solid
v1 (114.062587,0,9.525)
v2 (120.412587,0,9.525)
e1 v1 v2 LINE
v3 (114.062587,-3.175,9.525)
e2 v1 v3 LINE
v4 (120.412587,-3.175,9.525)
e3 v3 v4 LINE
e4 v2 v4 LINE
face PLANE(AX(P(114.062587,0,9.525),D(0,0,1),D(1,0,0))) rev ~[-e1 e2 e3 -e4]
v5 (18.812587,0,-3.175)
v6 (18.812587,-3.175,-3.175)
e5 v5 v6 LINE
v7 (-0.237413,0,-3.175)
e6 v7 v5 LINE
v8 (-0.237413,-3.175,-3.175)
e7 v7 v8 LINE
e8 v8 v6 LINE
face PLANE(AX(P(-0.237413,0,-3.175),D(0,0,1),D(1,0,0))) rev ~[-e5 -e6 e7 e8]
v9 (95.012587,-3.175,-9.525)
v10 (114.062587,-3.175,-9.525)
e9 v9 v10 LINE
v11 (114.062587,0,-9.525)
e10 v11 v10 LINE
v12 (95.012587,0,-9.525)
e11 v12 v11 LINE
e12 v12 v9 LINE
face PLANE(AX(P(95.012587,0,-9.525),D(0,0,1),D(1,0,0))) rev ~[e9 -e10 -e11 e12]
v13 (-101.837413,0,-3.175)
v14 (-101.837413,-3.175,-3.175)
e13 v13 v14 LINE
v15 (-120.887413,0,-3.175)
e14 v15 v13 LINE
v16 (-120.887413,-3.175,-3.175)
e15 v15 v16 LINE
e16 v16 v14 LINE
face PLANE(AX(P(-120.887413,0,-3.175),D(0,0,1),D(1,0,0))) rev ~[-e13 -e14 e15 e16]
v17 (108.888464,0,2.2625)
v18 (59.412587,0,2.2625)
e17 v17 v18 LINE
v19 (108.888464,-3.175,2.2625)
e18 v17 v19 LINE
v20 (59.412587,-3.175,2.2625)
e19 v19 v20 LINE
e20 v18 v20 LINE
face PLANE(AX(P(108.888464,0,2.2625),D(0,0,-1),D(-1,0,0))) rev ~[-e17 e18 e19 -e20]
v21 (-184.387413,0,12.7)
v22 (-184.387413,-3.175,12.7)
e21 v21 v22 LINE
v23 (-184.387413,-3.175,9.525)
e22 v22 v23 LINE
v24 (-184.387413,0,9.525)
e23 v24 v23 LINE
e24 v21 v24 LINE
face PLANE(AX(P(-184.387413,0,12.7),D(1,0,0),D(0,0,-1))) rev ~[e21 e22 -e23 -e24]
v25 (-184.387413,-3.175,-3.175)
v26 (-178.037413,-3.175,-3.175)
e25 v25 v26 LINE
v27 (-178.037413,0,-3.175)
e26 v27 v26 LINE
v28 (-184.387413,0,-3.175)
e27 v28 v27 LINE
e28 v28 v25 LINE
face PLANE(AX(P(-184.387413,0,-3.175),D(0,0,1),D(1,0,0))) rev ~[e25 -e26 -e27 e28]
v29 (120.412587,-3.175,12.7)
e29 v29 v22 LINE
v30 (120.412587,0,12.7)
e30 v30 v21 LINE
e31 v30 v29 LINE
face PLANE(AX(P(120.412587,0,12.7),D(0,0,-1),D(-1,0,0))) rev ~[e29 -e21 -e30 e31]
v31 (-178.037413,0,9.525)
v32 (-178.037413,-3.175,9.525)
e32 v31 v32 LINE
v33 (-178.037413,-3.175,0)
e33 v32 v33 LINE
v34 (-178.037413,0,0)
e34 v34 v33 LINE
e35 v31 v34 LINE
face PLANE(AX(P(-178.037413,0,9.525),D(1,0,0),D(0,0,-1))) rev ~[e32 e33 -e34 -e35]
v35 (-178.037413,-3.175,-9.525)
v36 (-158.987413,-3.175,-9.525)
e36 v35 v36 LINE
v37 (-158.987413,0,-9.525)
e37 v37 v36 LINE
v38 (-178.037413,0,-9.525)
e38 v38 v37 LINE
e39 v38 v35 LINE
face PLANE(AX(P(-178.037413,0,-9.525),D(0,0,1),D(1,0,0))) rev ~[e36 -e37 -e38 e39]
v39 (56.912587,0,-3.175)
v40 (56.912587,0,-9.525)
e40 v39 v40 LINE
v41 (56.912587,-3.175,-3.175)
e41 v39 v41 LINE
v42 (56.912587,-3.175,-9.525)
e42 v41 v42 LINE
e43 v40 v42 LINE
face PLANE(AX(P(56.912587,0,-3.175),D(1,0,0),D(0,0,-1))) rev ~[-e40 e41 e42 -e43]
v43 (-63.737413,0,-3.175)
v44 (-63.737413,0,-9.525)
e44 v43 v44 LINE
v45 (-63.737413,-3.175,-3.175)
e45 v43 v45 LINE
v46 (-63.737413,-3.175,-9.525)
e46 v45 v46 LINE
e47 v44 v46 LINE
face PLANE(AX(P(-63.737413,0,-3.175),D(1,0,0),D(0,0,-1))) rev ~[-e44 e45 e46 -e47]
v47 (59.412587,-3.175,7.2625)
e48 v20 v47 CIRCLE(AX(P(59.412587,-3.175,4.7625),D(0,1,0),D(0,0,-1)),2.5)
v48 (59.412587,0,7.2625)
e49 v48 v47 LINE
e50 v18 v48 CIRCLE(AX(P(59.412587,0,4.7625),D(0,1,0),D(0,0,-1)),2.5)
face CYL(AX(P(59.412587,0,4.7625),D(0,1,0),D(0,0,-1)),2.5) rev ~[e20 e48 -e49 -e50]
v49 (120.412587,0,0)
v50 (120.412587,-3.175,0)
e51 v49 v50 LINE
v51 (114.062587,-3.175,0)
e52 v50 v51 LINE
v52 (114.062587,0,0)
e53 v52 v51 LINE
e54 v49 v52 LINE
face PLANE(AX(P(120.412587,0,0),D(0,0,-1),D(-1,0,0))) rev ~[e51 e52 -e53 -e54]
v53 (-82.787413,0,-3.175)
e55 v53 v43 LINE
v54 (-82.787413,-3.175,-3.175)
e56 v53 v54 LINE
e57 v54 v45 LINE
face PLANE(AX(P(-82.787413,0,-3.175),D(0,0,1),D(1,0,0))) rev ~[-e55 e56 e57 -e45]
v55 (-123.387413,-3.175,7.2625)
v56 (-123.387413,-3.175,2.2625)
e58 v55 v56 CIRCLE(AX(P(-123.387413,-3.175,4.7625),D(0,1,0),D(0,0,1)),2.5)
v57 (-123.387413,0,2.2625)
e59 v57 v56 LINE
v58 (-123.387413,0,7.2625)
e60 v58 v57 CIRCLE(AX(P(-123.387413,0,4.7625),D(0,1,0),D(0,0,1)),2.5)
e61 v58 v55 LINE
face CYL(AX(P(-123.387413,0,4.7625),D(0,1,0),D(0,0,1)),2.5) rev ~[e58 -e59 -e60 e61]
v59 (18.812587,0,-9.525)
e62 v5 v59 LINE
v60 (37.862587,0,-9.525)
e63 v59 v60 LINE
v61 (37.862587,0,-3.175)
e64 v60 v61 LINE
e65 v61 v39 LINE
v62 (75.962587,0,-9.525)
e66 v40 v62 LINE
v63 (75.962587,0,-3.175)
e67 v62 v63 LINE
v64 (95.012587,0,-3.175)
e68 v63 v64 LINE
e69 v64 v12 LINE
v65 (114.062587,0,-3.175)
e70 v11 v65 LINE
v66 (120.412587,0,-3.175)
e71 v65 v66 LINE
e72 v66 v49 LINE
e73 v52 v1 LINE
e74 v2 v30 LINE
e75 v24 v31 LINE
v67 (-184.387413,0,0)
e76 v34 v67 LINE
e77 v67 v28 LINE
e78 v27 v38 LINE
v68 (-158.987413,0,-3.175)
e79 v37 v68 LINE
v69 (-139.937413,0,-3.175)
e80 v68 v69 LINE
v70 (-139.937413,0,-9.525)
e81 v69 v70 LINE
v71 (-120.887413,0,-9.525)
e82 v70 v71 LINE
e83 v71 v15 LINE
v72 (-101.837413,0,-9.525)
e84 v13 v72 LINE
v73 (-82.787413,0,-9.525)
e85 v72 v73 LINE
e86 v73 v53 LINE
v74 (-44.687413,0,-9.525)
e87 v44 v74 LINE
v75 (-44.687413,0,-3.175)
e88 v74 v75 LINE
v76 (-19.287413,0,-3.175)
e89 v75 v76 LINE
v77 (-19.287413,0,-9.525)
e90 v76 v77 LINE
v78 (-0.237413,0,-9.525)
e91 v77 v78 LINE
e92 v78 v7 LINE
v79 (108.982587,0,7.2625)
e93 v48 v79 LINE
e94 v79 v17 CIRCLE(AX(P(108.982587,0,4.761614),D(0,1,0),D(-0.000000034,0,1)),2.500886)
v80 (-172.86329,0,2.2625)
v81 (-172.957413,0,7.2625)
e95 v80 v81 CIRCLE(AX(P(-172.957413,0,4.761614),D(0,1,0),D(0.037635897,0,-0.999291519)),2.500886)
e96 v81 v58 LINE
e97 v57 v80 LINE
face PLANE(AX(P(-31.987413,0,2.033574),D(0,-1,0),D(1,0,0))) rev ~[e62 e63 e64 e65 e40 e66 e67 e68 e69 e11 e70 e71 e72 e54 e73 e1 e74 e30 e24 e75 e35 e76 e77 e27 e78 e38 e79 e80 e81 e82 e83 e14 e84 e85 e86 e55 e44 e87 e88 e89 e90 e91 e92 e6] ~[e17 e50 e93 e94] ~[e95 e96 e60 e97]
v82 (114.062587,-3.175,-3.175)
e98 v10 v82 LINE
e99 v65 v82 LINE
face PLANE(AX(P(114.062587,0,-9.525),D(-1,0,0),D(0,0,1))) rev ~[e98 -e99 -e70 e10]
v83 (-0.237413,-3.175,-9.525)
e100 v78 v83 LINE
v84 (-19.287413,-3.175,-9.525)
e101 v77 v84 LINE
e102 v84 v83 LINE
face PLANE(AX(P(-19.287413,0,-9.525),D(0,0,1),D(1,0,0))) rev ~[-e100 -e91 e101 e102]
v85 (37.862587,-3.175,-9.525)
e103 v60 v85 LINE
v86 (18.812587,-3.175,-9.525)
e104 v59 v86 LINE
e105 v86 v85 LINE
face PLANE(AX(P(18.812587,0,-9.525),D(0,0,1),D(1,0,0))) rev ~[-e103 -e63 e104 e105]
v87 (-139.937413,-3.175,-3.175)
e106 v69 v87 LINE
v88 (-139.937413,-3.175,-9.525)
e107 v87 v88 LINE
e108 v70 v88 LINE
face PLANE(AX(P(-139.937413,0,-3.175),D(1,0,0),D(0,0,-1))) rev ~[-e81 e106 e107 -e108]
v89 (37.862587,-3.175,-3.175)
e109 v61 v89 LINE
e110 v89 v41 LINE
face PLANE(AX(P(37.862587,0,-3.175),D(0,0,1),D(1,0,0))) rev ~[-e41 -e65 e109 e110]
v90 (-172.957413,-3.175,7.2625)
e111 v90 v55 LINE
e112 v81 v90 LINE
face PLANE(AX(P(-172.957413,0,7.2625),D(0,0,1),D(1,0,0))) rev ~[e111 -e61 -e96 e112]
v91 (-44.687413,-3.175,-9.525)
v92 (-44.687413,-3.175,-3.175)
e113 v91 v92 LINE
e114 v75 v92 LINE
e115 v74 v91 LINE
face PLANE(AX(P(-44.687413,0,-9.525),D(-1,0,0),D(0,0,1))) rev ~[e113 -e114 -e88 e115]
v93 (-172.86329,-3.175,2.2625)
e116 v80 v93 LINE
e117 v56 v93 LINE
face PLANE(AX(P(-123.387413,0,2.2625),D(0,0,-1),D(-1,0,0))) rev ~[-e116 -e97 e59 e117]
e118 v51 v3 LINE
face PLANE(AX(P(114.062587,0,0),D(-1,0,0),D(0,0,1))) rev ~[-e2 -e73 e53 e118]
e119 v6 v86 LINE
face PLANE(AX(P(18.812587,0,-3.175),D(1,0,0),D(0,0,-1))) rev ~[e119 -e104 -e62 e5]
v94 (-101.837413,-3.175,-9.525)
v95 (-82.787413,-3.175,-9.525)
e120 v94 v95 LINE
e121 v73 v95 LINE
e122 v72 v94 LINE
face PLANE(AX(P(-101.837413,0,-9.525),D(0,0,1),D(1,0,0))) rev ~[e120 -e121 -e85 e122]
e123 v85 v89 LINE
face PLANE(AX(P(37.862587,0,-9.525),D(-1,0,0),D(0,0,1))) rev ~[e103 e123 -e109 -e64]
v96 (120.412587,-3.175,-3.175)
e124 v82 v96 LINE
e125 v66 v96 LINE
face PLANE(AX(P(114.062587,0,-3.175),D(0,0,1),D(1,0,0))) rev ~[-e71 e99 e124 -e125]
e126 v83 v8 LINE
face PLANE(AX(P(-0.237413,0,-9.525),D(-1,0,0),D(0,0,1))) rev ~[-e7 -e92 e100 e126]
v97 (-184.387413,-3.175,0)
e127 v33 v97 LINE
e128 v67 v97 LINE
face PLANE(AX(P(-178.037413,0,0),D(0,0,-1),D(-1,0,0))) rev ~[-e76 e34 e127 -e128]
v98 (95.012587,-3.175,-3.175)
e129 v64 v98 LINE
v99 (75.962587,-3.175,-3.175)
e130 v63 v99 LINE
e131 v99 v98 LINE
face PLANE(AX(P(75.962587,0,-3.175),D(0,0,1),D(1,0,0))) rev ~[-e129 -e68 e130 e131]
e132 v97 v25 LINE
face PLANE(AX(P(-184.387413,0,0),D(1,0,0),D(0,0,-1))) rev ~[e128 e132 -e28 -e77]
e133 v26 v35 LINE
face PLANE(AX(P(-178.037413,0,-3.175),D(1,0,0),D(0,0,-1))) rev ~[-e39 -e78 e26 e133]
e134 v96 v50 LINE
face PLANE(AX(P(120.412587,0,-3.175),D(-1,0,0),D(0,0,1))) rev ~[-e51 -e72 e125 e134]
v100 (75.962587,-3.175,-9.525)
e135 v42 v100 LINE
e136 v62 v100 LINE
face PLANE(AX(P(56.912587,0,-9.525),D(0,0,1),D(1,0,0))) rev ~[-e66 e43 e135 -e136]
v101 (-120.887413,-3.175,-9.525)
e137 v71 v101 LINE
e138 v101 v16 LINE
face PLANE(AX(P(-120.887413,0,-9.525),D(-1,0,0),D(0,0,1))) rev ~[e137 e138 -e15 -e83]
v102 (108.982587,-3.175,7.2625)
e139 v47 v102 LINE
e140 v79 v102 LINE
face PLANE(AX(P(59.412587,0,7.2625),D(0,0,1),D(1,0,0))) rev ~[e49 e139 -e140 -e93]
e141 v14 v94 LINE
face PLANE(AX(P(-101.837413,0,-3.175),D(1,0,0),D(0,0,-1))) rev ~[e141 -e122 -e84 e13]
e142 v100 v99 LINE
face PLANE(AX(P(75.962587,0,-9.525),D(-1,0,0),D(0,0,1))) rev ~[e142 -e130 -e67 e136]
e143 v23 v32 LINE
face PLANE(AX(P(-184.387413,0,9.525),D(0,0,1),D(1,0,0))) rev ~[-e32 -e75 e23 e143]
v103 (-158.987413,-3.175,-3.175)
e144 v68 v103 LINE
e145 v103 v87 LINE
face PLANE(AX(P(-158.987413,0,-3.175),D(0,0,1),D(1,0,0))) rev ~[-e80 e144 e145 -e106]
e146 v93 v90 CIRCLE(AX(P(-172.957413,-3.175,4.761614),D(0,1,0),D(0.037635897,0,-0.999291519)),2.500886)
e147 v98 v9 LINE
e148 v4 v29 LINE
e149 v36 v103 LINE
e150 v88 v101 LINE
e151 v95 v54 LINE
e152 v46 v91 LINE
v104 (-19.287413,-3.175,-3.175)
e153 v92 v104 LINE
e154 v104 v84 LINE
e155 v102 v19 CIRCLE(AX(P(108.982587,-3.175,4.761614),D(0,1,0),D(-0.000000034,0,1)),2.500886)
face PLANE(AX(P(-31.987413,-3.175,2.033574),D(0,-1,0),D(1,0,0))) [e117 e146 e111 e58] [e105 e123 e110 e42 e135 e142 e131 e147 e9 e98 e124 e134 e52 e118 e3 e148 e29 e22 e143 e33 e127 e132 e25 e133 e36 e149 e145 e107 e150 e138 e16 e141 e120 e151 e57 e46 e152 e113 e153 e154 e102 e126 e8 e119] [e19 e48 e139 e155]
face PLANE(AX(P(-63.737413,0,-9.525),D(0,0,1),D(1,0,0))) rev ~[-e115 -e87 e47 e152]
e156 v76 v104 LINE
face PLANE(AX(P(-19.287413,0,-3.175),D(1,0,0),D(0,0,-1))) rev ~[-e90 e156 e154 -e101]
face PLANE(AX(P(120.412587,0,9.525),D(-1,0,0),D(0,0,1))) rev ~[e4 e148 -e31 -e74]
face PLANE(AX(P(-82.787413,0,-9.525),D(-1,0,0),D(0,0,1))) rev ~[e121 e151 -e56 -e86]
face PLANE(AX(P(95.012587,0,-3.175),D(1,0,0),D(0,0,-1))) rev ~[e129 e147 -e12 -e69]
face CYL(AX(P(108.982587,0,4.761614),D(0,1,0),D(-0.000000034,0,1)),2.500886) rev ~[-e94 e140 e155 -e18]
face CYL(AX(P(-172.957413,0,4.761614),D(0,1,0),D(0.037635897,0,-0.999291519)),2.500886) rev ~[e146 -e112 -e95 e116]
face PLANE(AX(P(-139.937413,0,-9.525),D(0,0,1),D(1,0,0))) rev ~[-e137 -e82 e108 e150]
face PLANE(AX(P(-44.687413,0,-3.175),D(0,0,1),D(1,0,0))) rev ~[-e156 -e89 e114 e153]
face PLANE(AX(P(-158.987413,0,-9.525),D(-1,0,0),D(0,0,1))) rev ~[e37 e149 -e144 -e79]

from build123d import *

# Parameters (mm, degrees)
F1_DEPTH = 3.175


with BuildPart() as f1:
    # F0 (on Front) → F1 (new body)
    with BuildSketch(Plane.XZ):
        Polygon((114.062587, 12.7), (-178.037413, 12.7), (-184.387413, 12.7), (-184.387413, 9.525), (-178.037413, 9.525), (-178.037413, 0), (-184.387413, 0), (-184.387413, -3.175), (-178.037413, -3.175), (-178.037413, -9.525), (-158.987413, -9.525), (-158.987413, -3.175), (-139.937413, -3.175), (-139.937413, -9.525), (-120.887413, -9.525), (-120.887413, -3.175), (-101.837413, -3.175), (-101.837413, -9.525), (-82.787413, -9.525), (-82.787413, -3.175), (-63.737413, -3.175), (-63.737413, -9.525), (-44.687413, -9.525), (-44.687413, -3.175), (-19.287413, -3.175), (-19.287413, -9.525), (-0.237413, -9.525), (-0.237413, -3.175), (18.812587, -3.175), (18.812587, -9.525), (37.862587, -9.525), (37.862587, -3.175), (56.912587, -3.175), (56.912587, -9.525), (75.962587, -9.525), (75.962587, -3.175), (95.012587, -3.175), (95.012587, -9.525), (114.062587, -9.525), (114.062587, -3.175), (120.412587, -3.175), (120.412587, 0), (114.062587, 0), (114.062587, 9.525), (120.412587, 9.525), (120.412587, 12.7), align=None)
        with BuildLine():
            Line((-172.957413, 7.2625), (-123.387413, 7.2625))
            ThreePointArc((-123.387413, 7.2625), (-120.887413, 4.7625), (-123.387413, 2.2625))
            Line((-123.387413, 2.2625), (-172.86329, 2.2625))
            ThreePointArc((-172.86329, 2.2625), (-175.457856, 4.714544), (-172.957413, 7.2625))
        make_face(mode=Mode.SUBTRACT)
        with BuildLine():
            ThreePointArc((59.412587, 2.2625), (56.912587, 4.7625), (59.412587, 7.2625))
            Line((59.412587, 7.2625), (108.982587, 7.2625))
            ThreePointArc((108.982587, 7.2625), (111.48303, 4.714544), (108.888464, 2.2625))
            Line((108.888464, 2.2625), (59.412587, 2.2625))
        make_face(mode=Mode.SUBTRACT)
    extrude(amount=F1_DEPTH)


solid = f1.part
